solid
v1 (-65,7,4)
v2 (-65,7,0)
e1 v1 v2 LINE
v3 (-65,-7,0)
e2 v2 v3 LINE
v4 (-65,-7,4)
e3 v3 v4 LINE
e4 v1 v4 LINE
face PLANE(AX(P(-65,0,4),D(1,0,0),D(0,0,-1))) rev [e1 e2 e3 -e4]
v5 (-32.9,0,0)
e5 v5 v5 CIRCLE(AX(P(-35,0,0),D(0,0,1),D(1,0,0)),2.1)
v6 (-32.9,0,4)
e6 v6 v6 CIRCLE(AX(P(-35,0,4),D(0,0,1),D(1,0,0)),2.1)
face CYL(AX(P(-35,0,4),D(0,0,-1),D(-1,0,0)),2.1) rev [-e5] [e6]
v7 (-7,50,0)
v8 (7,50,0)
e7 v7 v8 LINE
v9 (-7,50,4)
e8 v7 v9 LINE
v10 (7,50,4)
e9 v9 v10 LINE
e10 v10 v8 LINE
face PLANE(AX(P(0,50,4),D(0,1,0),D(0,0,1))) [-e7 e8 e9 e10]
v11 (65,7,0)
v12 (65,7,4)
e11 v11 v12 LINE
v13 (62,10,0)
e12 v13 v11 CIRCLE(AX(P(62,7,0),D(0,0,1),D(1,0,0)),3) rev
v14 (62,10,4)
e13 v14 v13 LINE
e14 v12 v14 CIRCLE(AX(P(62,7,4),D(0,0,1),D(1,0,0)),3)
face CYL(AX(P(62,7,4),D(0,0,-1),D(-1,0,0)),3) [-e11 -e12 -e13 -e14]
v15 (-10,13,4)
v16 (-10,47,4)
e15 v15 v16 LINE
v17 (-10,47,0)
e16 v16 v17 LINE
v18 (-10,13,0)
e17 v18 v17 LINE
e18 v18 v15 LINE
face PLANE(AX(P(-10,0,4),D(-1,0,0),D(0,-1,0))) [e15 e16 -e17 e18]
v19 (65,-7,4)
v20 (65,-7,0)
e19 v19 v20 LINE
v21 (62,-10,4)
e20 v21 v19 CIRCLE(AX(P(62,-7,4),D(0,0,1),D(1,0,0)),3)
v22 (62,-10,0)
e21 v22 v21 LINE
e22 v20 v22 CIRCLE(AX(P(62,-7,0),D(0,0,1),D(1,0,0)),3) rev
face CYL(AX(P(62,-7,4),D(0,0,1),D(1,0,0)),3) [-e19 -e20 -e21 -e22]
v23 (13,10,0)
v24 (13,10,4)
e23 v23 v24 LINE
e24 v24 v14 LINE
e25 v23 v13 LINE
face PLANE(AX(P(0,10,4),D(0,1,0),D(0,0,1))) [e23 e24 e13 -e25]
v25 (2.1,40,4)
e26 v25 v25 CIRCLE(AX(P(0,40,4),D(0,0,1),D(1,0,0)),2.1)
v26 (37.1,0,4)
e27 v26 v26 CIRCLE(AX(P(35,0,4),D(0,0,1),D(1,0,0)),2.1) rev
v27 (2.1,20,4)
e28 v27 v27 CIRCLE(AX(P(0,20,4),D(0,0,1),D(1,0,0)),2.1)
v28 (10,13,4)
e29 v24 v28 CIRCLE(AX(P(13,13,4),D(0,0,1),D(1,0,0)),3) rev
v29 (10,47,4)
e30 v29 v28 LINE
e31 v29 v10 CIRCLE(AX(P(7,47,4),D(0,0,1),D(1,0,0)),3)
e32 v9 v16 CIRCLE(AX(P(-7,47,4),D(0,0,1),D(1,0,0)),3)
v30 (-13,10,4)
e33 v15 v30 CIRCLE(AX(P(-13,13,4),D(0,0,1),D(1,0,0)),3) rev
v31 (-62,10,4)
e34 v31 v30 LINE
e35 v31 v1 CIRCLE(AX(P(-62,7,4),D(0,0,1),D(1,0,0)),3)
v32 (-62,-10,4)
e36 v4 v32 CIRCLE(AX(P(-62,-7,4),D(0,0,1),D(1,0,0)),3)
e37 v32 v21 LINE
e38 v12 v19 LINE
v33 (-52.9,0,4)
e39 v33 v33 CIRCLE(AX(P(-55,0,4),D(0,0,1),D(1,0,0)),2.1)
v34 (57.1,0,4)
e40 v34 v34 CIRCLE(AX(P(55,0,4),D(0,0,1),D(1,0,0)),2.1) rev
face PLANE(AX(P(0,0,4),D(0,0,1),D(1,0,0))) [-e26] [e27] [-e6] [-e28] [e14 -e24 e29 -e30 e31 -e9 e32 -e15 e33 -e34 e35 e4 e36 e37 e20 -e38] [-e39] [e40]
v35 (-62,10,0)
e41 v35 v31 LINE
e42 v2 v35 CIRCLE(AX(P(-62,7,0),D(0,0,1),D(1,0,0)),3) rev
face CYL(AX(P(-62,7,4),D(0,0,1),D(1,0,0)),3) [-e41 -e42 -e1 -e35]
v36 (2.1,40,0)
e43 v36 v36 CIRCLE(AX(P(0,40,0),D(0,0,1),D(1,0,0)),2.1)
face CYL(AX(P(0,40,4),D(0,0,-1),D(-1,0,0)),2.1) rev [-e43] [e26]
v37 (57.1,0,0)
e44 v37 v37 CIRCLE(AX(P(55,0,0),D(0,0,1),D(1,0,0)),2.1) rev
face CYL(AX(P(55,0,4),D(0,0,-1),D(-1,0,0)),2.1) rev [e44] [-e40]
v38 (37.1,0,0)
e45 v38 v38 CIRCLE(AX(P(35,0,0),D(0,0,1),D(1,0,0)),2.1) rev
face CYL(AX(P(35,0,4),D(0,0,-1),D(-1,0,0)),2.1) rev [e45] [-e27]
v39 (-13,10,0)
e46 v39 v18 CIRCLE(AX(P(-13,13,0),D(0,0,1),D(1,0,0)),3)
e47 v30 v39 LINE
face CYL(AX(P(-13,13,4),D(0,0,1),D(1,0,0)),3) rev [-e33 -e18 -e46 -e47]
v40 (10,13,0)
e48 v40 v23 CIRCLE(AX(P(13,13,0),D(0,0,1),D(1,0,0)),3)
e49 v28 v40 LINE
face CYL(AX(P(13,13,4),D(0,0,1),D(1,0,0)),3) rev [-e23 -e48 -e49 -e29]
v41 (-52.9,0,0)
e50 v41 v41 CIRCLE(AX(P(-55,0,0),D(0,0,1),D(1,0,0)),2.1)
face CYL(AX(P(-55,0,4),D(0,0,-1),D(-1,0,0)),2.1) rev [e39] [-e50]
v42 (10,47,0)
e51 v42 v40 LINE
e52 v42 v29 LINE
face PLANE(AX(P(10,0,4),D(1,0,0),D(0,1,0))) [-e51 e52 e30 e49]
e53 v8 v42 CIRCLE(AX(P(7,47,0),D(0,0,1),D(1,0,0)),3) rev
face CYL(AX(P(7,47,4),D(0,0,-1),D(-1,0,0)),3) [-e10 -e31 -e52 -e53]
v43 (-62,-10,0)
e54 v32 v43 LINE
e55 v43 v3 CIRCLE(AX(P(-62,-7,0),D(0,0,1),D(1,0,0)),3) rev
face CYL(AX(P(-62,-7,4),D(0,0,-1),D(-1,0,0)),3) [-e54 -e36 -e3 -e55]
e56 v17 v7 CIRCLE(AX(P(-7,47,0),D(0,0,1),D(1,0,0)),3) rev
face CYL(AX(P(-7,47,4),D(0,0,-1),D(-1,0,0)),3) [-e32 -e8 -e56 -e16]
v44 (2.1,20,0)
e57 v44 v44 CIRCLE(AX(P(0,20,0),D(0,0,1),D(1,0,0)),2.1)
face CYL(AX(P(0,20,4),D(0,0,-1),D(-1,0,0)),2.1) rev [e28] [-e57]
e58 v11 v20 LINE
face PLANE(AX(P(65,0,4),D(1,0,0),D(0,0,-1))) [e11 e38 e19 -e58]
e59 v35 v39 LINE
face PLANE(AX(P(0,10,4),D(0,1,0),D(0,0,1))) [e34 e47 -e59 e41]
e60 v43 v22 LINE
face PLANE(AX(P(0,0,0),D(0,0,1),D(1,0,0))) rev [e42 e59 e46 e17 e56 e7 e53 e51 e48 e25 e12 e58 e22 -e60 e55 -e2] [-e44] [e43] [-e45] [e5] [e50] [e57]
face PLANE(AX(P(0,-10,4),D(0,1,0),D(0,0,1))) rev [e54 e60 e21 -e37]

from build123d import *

# Parameters (mm, degrees)
SKETCH_1_W      = 130
SKETCH_1_H      = 20
SKETCH_1_R      = 2.1
SKETCH_1_W_2    = 20
SKETCH_1_H_2    = 40
EXTRUDE_1_DEPTH = 4
FILLET_1_R      = 3


with BuildPart() as part:
    # 草图1 → 凸台-拉伸1 (new body)
    # profile 1 of 2: a face of its own
    with BuildSketch(Plane.XY):
        Rectangle(SKETCH_1_W, SKETCH_1_H)
        with Locations((35, 0)):
            Circle(SKETCH_1_R, mode=Mode.SUBTRACT)
        with Locations((-35, 0)):
            Circle(SKETCH_1_R, mode=Mode.SUBTRACT)
        with Locations((-55, 0)):
            Circle(SKETCH_1_R, mode=Mode.SUBTRACT)
        with Locations((55, 0)):
            Circle(SKETCH_1_R, mode=Mode.SUBTRACT)
    # profile 2 of 2: a face of its own
    with BuildSketch(Plane.XY):
        with Locations((0, 30)):
            Rectangle(SKETCH_1_W_2, SKETCH_1_H_2)
        with Locations((0, 20)):
            Circle(SKETCH_1_R, mode=Mode.SUBTRACT)
        with Locations((0, 40)):
            Circle(SKETCH_1_R, mode=Mode.SUBTRACT)
    extrude(amount=EXTRUDE_1_DEPTH)

    # 圆角1
    fillet_1_edges = [part.edges().sort_by_distance(p)[0] for p in [
        (65, -10, 2),
        (-65, -10, 2),
        (-65, 10, 2),
        (-10, 10, 2),
        (-10, 50, 2),
        (10, 50, 2),
        (10, 10, 2),
        (65, 10, 2),
    ]]
    fillet(fillet_1_edges, radius=FILLET_1_R)


solid = part.part
